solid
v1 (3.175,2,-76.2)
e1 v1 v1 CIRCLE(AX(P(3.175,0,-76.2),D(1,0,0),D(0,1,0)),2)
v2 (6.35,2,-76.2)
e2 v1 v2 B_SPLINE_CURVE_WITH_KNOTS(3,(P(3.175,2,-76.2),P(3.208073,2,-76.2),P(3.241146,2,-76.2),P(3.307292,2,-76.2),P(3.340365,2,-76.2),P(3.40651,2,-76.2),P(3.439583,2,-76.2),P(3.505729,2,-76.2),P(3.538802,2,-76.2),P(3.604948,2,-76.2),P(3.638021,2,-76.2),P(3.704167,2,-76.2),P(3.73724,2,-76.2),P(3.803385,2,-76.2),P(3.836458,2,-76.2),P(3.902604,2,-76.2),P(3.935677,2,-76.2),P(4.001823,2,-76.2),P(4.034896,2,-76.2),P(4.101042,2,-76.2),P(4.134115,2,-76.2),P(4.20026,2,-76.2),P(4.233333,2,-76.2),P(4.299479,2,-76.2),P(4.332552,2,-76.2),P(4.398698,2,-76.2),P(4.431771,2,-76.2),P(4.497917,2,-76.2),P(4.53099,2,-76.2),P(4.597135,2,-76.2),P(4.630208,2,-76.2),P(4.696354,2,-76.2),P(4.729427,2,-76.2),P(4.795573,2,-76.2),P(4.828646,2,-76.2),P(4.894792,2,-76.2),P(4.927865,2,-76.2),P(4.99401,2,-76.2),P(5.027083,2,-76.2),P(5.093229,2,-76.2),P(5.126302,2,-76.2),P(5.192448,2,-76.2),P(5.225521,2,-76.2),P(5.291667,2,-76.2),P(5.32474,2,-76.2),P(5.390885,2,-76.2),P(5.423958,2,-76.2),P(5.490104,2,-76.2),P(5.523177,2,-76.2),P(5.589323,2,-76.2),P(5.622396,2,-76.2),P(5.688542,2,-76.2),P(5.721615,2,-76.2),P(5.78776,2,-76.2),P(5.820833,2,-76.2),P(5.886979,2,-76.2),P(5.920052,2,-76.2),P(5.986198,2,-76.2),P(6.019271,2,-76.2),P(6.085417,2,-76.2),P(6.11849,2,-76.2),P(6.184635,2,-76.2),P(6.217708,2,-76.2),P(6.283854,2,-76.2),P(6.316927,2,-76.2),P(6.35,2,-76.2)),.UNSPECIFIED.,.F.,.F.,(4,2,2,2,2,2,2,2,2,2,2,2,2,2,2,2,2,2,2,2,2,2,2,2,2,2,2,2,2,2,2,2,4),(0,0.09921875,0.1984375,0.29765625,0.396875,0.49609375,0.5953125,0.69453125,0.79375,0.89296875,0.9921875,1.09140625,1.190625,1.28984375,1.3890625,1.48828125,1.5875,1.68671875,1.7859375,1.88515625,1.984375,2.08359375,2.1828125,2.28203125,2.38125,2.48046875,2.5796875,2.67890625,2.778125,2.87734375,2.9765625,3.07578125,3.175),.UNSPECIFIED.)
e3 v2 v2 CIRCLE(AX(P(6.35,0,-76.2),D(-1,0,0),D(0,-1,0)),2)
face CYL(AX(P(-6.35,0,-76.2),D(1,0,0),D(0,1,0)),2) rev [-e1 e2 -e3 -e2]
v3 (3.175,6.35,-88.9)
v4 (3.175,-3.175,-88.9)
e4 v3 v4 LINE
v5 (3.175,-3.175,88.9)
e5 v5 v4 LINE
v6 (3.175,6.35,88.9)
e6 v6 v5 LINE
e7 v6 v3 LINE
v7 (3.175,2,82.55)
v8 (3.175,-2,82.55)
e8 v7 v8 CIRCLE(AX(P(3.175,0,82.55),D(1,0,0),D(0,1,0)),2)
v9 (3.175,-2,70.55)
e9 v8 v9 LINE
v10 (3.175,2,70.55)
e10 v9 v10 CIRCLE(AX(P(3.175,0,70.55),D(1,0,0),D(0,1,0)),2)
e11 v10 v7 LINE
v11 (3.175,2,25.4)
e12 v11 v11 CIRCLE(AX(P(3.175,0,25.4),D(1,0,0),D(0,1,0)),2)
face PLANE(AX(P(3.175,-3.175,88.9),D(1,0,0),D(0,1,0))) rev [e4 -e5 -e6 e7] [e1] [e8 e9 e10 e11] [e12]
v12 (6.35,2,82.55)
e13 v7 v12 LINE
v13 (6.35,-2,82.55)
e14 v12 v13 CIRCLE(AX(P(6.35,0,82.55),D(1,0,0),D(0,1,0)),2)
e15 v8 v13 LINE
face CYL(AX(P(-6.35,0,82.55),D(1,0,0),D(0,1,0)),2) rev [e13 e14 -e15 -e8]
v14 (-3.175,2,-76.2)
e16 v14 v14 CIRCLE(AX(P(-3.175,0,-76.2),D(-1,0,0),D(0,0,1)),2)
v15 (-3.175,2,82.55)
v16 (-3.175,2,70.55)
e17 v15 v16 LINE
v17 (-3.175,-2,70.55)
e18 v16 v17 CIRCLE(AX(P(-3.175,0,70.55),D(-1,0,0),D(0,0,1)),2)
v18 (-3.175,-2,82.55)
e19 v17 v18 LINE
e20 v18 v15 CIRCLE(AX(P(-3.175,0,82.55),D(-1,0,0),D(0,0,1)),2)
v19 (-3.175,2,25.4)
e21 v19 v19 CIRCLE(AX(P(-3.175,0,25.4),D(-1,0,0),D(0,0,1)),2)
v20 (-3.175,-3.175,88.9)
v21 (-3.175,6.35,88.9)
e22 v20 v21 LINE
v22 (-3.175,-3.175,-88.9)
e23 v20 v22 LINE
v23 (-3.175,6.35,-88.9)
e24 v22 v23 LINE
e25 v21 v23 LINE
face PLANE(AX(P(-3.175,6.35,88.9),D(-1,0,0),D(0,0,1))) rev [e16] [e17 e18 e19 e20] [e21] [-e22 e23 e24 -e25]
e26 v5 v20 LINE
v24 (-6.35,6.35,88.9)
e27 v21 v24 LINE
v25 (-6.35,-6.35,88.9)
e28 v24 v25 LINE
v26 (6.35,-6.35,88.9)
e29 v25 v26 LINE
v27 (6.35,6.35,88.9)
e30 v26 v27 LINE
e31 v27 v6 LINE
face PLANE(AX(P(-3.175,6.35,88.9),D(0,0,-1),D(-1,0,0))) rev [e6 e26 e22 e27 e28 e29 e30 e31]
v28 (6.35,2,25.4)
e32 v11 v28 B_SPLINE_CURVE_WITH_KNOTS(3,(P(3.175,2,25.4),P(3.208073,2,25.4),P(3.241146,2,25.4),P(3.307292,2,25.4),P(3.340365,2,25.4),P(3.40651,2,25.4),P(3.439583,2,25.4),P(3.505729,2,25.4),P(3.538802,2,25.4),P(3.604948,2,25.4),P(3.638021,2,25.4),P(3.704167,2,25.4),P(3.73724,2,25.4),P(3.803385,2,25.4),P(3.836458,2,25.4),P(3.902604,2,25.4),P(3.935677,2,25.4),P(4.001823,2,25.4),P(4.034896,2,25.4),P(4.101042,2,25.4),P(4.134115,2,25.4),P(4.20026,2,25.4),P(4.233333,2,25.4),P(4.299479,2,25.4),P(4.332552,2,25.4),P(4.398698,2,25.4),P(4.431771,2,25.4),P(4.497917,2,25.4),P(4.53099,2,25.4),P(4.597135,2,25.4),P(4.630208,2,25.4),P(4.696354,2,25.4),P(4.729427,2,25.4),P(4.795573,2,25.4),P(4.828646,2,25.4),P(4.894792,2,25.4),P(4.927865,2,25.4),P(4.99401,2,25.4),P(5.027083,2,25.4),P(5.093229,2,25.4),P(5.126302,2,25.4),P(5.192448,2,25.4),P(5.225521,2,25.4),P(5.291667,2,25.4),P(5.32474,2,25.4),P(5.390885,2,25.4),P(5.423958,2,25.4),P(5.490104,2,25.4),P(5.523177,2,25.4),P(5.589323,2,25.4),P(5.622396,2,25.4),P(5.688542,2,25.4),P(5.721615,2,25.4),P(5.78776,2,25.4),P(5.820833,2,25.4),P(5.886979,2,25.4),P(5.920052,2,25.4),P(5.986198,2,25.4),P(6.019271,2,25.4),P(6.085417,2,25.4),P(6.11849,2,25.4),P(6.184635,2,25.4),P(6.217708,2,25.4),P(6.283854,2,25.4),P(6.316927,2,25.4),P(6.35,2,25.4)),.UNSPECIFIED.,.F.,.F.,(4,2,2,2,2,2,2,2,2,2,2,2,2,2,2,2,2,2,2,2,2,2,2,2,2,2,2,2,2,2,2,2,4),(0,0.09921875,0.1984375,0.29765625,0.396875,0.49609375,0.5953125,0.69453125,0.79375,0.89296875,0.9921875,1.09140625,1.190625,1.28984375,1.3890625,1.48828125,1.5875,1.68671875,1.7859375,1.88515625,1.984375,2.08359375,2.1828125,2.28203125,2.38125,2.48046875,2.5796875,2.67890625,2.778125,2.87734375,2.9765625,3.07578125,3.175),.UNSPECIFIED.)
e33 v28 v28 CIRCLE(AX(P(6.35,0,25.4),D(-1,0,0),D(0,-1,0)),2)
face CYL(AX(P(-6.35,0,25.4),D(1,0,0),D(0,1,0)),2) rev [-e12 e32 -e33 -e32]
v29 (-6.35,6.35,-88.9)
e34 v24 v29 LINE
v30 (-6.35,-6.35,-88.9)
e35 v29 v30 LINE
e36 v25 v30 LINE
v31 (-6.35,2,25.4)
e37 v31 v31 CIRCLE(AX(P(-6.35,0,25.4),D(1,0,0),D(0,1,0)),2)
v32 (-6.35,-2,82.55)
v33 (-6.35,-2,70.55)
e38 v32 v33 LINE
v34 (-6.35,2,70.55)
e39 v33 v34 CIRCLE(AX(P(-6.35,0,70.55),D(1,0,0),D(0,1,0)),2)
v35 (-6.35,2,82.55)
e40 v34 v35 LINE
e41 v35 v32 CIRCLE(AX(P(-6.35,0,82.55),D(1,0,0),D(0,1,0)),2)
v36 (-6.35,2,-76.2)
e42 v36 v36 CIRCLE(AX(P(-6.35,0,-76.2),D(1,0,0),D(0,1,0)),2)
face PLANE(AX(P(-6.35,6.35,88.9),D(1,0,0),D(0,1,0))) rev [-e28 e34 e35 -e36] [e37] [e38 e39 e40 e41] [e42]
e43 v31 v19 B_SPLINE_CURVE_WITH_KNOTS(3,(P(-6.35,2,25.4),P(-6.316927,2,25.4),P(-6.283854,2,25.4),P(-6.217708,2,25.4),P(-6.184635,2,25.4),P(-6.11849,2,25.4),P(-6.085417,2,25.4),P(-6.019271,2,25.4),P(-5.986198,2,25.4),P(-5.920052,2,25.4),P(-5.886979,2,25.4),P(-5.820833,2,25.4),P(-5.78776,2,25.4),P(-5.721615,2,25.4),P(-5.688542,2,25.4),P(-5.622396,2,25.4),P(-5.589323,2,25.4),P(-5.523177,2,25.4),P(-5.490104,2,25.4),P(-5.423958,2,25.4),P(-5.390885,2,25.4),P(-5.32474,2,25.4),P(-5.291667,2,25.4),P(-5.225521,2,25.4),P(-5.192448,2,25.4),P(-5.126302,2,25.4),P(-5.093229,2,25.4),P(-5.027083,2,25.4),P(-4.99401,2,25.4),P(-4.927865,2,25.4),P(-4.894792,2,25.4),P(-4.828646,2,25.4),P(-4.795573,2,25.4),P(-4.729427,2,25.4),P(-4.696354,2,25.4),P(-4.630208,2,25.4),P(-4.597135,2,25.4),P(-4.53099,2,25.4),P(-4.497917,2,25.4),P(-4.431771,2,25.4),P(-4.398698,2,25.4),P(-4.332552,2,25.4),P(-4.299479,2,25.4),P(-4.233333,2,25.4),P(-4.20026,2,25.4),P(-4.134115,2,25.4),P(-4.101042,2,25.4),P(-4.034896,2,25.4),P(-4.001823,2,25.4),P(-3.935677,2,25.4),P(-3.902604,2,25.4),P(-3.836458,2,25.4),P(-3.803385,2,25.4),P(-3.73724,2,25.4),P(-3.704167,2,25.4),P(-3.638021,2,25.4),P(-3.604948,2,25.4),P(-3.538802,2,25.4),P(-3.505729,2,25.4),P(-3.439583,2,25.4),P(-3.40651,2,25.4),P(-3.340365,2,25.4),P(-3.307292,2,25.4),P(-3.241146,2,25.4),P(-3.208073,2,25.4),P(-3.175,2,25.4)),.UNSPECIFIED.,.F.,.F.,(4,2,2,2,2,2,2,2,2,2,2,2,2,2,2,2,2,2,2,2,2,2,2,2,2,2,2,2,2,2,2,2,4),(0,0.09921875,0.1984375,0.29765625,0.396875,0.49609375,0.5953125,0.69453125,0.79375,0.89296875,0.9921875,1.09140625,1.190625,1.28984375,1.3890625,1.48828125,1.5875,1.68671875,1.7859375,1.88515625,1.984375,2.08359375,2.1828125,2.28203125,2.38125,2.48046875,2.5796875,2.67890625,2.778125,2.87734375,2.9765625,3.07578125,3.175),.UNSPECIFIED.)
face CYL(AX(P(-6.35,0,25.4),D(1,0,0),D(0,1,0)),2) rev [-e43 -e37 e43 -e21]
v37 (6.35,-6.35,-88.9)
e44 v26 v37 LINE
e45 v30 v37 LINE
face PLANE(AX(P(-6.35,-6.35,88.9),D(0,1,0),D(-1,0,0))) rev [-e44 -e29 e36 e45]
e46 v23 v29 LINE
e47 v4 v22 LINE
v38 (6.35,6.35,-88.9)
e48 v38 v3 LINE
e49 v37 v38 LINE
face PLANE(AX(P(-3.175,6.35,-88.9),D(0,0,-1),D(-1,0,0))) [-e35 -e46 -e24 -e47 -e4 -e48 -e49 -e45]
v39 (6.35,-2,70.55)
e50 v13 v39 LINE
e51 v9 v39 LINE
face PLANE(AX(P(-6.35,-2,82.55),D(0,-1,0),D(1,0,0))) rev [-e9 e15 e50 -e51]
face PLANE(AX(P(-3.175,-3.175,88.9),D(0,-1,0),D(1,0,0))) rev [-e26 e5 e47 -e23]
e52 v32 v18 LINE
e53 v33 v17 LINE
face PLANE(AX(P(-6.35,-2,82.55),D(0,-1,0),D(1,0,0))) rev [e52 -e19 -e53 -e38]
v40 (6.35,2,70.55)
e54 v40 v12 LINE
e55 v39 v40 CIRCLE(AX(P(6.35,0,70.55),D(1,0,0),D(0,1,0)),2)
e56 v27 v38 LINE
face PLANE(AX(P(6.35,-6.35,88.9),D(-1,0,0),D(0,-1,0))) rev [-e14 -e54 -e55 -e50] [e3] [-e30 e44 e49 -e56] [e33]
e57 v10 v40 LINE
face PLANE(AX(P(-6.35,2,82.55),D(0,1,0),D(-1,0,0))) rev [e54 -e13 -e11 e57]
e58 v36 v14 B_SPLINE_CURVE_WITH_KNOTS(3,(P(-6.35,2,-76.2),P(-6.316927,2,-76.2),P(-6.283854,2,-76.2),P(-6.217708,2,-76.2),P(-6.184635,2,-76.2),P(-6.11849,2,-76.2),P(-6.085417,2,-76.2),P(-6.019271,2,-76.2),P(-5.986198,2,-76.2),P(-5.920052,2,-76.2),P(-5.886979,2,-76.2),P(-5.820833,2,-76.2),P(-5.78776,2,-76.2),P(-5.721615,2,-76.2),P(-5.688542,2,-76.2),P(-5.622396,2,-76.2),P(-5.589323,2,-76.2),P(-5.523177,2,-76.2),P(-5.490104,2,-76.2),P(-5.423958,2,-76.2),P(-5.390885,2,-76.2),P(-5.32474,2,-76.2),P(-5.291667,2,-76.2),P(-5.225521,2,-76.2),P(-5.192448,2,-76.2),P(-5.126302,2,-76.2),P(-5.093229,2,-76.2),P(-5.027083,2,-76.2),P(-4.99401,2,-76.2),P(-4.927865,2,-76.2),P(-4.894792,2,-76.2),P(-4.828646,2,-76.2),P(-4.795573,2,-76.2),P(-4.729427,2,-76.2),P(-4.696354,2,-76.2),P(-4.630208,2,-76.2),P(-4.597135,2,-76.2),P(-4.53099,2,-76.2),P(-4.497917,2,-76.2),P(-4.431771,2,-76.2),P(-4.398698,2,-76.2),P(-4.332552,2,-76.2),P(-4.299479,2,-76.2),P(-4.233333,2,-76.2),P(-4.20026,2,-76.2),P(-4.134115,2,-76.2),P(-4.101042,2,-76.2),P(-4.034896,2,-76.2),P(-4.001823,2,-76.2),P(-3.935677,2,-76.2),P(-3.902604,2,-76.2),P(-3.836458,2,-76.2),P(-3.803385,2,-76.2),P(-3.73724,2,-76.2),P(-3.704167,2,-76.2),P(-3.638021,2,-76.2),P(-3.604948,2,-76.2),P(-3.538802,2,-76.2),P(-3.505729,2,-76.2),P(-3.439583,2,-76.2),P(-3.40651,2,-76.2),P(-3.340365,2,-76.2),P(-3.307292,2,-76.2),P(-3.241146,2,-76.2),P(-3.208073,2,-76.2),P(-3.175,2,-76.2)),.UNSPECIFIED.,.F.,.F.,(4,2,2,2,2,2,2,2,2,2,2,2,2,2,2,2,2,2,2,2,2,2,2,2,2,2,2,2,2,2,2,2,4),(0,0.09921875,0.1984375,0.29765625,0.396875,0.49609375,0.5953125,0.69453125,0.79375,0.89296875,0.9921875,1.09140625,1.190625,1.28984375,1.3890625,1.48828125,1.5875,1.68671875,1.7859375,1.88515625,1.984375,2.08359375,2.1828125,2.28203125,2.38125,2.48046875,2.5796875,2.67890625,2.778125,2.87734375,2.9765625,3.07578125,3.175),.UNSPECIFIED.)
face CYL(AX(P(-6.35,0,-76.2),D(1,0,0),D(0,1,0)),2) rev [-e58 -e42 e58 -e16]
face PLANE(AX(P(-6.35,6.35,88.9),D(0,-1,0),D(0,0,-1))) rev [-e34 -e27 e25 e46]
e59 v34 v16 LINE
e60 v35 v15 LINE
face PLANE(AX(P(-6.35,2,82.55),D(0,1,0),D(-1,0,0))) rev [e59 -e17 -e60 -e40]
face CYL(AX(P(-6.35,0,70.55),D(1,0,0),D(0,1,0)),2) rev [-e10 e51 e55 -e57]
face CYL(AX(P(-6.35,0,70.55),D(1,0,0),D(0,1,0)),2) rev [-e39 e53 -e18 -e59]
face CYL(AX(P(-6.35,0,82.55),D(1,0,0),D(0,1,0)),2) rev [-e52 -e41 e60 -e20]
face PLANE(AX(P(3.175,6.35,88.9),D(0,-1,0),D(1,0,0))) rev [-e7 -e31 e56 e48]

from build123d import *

# Parameters (mm, degrees)
BOSS_EXTRUDE1_DEPTH     = 88.9
CUT_EXTRUDE1_DEPTH      = 91.02678768
CUT_EXTRUDE1_DEPTH_BACK = 91.02678768
SKETCH3_R               = 2


with BuildPart() as part:
    # Sketch2 → Boss-Extrude1 (new, symmetric)
    with BuildSketch(Plane.XY):
        Polygon((-6.35, 6.35), (-6.35, -6.35), (6.35, -6.35), (6.35, 6.35), (3.175, 6.35), (3.175, -3.175), (-3.175, -3.175), (-3.175, 6.35), align=None)
    extrude(amount=BOSS_EXTRUDE1_DEPTH, both=True)

    # Sketch3 → Cut-Extrude1 (cut, two sides: drawn at the far end of the back side and taken through both)
    with BuildSketch(Plane(origin=(6.35, 0, 0), x_dir=(0, 0, -1), z_dir=(1, 0, 0)).offset(-CUT_EXTRUDE1_DEPTH_BACK)):
        with Locations(Location((-25.4, 0, 0), (0, 0, 90))):
            Circle(SKETCH3_R)
        with Locations(Location((76.2, 0, 0), (0, 0, 90))):
            Circle(SKETCH3_R)
        with BuildLine():
            Line((-82.55, 2), (-70.55, 2))
            ThreePointArc((-70.55, 2), (-68.55, 0), (-70.55, -2))
            Line((-70.55, -2), (-82.55, -2))
            ThreePointArc((-82.55, -2), (-84.55, 0), (-82.55, 2))
        make_face()
    extrude(amount=CUT_EXTRUDE1_DEPTH + CUT_EXTRUDE1_DEPTH_BACK, mode=Mode.SUBTRACT)


solid = part.part
